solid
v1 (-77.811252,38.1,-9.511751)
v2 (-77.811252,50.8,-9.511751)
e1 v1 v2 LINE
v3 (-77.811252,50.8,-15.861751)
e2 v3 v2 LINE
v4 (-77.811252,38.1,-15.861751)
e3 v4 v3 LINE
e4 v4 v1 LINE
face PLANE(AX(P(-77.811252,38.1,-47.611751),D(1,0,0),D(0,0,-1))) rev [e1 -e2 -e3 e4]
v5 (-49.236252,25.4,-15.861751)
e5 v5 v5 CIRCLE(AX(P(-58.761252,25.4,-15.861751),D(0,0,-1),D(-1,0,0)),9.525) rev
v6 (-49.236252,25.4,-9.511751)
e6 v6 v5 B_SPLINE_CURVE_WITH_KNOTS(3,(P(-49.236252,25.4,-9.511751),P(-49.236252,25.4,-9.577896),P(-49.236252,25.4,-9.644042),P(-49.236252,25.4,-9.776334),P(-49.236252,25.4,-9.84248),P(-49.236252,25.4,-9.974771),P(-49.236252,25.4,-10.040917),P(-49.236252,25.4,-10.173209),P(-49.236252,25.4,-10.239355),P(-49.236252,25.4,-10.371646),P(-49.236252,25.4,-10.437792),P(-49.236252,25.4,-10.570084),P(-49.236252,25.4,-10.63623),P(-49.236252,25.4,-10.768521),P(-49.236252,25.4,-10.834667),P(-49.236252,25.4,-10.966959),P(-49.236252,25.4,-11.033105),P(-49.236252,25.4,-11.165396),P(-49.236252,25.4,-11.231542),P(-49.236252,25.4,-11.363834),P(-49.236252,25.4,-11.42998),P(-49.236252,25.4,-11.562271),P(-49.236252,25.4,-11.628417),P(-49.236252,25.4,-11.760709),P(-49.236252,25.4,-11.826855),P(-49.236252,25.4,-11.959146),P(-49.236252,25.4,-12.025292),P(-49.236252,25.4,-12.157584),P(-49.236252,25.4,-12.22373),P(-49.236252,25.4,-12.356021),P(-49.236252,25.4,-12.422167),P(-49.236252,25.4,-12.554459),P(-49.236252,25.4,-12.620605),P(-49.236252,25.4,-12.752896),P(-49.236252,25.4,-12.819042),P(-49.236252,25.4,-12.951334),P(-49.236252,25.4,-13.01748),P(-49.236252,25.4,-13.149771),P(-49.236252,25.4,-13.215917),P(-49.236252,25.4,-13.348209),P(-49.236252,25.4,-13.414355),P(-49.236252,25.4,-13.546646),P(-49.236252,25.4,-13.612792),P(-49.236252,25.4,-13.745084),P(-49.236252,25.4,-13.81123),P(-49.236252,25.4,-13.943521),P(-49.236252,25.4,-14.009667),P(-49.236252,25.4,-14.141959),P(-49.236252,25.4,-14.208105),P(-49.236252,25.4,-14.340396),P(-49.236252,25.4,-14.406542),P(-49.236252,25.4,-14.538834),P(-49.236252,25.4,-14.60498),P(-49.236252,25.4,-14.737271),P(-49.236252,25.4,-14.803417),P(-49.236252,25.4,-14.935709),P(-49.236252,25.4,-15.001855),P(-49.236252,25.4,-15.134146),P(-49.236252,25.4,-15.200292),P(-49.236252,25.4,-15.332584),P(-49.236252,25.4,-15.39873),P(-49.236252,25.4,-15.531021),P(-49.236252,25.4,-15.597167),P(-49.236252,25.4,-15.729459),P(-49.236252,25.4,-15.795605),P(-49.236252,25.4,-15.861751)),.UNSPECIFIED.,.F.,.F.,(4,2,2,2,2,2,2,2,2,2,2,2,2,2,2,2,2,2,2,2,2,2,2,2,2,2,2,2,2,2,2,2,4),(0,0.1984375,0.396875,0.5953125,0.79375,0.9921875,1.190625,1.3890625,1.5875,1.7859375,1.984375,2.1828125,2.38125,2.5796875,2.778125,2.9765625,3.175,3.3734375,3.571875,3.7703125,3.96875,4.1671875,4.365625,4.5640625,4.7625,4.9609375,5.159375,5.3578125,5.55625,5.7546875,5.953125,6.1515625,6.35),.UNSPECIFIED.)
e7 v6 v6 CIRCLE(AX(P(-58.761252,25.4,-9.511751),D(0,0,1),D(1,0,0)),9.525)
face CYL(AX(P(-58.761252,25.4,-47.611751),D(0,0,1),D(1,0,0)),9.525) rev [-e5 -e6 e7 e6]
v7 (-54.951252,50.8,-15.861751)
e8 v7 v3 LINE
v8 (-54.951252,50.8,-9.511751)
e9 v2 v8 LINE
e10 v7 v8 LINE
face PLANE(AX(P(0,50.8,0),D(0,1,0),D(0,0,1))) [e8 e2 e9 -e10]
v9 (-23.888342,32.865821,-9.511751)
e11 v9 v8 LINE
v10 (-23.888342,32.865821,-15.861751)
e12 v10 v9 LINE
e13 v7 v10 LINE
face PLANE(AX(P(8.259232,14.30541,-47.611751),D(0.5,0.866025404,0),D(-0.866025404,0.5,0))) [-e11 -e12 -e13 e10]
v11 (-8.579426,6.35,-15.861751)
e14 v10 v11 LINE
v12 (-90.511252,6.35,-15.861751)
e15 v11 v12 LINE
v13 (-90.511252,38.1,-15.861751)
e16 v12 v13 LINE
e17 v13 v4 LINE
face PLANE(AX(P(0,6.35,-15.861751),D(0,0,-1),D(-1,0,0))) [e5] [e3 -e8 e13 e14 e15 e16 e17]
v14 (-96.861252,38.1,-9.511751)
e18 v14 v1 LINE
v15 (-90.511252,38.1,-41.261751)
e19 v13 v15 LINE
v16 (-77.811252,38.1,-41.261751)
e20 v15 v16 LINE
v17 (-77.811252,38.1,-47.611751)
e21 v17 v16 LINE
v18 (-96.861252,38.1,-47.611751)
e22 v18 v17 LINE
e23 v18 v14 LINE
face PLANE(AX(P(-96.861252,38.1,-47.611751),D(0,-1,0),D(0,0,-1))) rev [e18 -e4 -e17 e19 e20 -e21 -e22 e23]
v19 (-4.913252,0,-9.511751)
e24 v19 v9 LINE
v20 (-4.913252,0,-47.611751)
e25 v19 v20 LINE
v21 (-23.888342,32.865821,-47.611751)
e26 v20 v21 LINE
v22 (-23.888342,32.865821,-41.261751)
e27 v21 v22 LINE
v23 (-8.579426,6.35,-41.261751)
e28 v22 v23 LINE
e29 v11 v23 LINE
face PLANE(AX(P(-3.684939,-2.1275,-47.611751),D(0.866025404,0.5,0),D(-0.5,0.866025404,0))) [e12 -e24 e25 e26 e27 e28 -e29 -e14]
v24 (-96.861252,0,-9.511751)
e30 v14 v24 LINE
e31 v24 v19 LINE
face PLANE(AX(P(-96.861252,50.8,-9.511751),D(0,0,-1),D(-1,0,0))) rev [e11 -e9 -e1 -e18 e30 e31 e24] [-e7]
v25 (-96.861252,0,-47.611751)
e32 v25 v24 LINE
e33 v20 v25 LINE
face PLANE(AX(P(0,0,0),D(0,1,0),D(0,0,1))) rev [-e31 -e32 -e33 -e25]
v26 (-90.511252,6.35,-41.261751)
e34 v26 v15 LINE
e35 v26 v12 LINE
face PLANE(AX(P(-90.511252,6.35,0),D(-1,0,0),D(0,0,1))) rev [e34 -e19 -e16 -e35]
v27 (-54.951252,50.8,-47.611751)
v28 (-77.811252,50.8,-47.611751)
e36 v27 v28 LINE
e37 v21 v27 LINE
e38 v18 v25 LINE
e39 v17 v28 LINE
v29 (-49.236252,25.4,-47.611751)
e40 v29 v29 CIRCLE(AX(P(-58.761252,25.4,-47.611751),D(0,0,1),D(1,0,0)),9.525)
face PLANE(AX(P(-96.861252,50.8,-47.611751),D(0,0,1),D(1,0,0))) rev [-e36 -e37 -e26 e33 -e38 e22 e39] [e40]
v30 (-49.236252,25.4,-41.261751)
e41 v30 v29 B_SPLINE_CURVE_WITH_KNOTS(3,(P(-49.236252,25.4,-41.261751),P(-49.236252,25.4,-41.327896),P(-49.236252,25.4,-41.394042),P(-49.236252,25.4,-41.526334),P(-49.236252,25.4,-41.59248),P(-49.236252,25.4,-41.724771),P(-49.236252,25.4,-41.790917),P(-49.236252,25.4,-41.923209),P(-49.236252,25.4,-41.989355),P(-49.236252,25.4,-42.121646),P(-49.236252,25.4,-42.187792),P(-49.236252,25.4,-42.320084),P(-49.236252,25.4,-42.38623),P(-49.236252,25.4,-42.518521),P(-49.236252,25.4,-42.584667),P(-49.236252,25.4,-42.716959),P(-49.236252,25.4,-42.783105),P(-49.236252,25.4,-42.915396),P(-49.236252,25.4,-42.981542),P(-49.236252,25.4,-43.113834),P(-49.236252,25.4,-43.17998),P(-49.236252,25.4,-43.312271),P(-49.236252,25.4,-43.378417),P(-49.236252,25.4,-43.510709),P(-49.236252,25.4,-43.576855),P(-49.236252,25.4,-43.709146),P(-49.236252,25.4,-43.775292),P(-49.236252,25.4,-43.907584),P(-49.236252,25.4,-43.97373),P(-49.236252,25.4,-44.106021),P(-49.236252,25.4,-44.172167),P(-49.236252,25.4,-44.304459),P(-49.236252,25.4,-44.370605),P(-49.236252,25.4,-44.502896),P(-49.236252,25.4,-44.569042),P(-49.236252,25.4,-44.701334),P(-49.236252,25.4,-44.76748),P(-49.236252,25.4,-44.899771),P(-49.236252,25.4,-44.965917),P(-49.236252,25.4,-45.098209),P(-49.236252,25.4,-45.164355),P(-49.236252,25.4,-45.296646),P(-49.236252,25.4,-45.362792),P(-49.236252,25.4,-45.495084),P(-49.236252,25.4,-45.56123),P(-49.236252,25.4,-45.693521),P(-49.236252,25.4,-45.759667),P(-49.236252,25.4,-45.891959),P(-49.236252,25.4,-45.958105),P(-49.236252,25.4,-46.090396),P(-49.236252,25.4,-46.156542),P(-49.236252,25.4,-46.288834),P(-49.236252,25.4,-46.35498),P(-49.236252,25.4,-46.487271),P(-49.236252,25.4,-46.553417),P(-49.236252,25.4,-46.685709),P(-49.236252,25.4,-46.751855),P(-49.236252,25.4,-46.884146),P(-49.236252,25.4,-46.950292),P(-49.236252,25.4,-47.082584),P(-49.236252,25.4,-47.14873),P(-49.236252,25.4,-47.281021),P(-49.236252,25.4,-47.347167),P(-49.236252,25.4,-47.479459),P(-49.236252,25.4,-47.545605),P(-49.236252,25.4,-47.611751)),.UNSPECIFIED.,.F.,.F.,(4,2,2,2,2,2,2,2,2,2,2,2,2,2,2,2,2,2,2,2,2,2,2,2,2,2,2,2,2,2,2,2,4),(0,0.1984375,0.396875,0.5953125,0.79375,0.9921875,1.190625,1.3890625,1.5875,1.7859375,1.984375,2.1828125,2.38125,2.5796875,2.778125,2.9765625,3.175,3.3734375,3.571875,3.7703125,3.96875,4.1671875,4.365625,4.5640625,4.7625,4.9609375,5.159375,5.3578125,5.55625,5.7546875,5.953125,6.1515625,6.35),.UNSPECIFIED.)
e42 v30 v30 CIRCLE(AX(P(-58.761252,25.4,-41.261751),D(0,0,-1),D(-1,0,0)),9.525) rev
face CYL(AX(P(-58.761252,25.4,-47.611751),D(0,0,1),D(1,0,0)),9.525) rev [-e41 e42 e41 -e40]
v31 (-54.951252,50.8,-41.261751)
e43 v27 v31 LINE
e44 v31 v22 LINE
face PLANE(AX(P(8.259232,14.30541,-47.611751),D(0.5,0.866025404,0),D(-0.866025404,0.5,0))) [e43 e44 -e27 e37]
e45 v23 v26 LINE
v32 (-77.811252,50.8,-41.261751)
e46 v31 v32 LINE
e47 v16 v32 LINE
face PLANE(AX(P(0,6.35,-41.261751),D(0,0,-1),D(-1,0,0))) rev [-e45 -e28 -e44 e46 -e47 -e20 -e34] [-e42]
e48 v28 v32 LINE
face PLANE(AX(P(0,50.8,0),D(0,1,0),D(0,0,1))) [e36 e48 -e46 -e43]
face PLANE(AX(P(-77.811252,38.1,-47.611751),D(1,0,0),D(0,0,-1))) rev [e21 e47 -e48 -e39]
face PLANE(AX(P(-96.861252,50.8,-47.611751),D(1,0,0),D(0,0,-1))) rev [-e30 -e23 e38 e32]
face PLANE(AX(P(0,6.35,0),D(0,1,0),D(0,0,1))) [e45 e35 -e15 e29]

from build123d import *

# Parameters (mm, degrees)
SKETCH1_W           = 91.948
SKETCH1_H           = 38.1
BOSS_EXTRUDE1_DEPTH = 50.8
SKETCH2_R           = 9.525
CUT_EXTRUDE1_DEPTH  = 116.82034416
SKETCH3_W           = 19.05
SKETCH3_H           = 12.7
CUT_EXTRUDE2_DEPTH  = 116.82034416
SKETCH4_W           = 12.7
SKETCH4_H           = 25.4
SKETCH4_W_2         = 72.898
CUT_EXTRUDE5_DEPTH  = 44.45
CUT_EXTRUDE6_DEPTH  = 116.82034416


with BuildPart() as part:
    # Sketch1 → Boss-Extrude1 (new body)
    with BuildSketch(Plane(origin=(0, 0, 0), x_dir=(1, 0, 0), z_dir=(0, 1, 0))):
        with Locations((-50.887251908, 28.561750636)):
            Rectangle(SKETCH1_W, SKETCH1_H)
    extrude(amount=BOSS_EXTRUDE1_DEPTH)

    # Sketch2 → Cut-Extrude1 (cut, through all)
    with BuildSketch(Plane.XY.offset(-9.511750636)):
        with Locations((-58.761251908, 25.4)):
            Circle(SKETCH2_R)
    extrude(amount=-CUT_EXTRUDE1_DEPTH, mode=Mode.SUBTRACT)

    # Sketch3 → Cut-Extrude2 (cut, through all)
    with BuildSketch(Plane.XY.offset(-9.511750636)):
        with Locations((-87.336251908, 44.45)):
            Rectangle(SKETCH3_W, SKETCH3_H)
    extrude(amount=-CUT_EXTRUDE2_DEPTH, mode=Mode.SUBTRACT)

    # Sketch4 → Cut-Extrude5 (cut)
    with BuildSketch(Plane(origin=(0, 50.8, 0), x_dir=(1, 0, 0), z_dir=(0, 1, 0))):
        with Locations((-84.161251908, 28.561750636)):
            Rectangle(SKETCH4_W, SKETCH4_H)
        with Locations((-41.362251908, 28.561750636)):
            Rectangle(SKETCH4_W_2, SKETCH4_H)
    extrude(amount=-CUT_EXTRUDE5_DEPTH, mode=Mode.SUBTRACT)

    # Sketch5 → Cut-Extrude6 (cut, through all)
    with BuildSketch(Plane.XY.offset(-9.511750636)):
        Polygon((-23.888342421, 32.865820845), (-4.913251908, 0), (-4.913251908, 50.8), (-54.951251908, 50.8), align=None)
    extrude(amount=-CUT_EXTRUDE6_DEPTH, mode=Mode.SUBTRACT)


solid = part.part
